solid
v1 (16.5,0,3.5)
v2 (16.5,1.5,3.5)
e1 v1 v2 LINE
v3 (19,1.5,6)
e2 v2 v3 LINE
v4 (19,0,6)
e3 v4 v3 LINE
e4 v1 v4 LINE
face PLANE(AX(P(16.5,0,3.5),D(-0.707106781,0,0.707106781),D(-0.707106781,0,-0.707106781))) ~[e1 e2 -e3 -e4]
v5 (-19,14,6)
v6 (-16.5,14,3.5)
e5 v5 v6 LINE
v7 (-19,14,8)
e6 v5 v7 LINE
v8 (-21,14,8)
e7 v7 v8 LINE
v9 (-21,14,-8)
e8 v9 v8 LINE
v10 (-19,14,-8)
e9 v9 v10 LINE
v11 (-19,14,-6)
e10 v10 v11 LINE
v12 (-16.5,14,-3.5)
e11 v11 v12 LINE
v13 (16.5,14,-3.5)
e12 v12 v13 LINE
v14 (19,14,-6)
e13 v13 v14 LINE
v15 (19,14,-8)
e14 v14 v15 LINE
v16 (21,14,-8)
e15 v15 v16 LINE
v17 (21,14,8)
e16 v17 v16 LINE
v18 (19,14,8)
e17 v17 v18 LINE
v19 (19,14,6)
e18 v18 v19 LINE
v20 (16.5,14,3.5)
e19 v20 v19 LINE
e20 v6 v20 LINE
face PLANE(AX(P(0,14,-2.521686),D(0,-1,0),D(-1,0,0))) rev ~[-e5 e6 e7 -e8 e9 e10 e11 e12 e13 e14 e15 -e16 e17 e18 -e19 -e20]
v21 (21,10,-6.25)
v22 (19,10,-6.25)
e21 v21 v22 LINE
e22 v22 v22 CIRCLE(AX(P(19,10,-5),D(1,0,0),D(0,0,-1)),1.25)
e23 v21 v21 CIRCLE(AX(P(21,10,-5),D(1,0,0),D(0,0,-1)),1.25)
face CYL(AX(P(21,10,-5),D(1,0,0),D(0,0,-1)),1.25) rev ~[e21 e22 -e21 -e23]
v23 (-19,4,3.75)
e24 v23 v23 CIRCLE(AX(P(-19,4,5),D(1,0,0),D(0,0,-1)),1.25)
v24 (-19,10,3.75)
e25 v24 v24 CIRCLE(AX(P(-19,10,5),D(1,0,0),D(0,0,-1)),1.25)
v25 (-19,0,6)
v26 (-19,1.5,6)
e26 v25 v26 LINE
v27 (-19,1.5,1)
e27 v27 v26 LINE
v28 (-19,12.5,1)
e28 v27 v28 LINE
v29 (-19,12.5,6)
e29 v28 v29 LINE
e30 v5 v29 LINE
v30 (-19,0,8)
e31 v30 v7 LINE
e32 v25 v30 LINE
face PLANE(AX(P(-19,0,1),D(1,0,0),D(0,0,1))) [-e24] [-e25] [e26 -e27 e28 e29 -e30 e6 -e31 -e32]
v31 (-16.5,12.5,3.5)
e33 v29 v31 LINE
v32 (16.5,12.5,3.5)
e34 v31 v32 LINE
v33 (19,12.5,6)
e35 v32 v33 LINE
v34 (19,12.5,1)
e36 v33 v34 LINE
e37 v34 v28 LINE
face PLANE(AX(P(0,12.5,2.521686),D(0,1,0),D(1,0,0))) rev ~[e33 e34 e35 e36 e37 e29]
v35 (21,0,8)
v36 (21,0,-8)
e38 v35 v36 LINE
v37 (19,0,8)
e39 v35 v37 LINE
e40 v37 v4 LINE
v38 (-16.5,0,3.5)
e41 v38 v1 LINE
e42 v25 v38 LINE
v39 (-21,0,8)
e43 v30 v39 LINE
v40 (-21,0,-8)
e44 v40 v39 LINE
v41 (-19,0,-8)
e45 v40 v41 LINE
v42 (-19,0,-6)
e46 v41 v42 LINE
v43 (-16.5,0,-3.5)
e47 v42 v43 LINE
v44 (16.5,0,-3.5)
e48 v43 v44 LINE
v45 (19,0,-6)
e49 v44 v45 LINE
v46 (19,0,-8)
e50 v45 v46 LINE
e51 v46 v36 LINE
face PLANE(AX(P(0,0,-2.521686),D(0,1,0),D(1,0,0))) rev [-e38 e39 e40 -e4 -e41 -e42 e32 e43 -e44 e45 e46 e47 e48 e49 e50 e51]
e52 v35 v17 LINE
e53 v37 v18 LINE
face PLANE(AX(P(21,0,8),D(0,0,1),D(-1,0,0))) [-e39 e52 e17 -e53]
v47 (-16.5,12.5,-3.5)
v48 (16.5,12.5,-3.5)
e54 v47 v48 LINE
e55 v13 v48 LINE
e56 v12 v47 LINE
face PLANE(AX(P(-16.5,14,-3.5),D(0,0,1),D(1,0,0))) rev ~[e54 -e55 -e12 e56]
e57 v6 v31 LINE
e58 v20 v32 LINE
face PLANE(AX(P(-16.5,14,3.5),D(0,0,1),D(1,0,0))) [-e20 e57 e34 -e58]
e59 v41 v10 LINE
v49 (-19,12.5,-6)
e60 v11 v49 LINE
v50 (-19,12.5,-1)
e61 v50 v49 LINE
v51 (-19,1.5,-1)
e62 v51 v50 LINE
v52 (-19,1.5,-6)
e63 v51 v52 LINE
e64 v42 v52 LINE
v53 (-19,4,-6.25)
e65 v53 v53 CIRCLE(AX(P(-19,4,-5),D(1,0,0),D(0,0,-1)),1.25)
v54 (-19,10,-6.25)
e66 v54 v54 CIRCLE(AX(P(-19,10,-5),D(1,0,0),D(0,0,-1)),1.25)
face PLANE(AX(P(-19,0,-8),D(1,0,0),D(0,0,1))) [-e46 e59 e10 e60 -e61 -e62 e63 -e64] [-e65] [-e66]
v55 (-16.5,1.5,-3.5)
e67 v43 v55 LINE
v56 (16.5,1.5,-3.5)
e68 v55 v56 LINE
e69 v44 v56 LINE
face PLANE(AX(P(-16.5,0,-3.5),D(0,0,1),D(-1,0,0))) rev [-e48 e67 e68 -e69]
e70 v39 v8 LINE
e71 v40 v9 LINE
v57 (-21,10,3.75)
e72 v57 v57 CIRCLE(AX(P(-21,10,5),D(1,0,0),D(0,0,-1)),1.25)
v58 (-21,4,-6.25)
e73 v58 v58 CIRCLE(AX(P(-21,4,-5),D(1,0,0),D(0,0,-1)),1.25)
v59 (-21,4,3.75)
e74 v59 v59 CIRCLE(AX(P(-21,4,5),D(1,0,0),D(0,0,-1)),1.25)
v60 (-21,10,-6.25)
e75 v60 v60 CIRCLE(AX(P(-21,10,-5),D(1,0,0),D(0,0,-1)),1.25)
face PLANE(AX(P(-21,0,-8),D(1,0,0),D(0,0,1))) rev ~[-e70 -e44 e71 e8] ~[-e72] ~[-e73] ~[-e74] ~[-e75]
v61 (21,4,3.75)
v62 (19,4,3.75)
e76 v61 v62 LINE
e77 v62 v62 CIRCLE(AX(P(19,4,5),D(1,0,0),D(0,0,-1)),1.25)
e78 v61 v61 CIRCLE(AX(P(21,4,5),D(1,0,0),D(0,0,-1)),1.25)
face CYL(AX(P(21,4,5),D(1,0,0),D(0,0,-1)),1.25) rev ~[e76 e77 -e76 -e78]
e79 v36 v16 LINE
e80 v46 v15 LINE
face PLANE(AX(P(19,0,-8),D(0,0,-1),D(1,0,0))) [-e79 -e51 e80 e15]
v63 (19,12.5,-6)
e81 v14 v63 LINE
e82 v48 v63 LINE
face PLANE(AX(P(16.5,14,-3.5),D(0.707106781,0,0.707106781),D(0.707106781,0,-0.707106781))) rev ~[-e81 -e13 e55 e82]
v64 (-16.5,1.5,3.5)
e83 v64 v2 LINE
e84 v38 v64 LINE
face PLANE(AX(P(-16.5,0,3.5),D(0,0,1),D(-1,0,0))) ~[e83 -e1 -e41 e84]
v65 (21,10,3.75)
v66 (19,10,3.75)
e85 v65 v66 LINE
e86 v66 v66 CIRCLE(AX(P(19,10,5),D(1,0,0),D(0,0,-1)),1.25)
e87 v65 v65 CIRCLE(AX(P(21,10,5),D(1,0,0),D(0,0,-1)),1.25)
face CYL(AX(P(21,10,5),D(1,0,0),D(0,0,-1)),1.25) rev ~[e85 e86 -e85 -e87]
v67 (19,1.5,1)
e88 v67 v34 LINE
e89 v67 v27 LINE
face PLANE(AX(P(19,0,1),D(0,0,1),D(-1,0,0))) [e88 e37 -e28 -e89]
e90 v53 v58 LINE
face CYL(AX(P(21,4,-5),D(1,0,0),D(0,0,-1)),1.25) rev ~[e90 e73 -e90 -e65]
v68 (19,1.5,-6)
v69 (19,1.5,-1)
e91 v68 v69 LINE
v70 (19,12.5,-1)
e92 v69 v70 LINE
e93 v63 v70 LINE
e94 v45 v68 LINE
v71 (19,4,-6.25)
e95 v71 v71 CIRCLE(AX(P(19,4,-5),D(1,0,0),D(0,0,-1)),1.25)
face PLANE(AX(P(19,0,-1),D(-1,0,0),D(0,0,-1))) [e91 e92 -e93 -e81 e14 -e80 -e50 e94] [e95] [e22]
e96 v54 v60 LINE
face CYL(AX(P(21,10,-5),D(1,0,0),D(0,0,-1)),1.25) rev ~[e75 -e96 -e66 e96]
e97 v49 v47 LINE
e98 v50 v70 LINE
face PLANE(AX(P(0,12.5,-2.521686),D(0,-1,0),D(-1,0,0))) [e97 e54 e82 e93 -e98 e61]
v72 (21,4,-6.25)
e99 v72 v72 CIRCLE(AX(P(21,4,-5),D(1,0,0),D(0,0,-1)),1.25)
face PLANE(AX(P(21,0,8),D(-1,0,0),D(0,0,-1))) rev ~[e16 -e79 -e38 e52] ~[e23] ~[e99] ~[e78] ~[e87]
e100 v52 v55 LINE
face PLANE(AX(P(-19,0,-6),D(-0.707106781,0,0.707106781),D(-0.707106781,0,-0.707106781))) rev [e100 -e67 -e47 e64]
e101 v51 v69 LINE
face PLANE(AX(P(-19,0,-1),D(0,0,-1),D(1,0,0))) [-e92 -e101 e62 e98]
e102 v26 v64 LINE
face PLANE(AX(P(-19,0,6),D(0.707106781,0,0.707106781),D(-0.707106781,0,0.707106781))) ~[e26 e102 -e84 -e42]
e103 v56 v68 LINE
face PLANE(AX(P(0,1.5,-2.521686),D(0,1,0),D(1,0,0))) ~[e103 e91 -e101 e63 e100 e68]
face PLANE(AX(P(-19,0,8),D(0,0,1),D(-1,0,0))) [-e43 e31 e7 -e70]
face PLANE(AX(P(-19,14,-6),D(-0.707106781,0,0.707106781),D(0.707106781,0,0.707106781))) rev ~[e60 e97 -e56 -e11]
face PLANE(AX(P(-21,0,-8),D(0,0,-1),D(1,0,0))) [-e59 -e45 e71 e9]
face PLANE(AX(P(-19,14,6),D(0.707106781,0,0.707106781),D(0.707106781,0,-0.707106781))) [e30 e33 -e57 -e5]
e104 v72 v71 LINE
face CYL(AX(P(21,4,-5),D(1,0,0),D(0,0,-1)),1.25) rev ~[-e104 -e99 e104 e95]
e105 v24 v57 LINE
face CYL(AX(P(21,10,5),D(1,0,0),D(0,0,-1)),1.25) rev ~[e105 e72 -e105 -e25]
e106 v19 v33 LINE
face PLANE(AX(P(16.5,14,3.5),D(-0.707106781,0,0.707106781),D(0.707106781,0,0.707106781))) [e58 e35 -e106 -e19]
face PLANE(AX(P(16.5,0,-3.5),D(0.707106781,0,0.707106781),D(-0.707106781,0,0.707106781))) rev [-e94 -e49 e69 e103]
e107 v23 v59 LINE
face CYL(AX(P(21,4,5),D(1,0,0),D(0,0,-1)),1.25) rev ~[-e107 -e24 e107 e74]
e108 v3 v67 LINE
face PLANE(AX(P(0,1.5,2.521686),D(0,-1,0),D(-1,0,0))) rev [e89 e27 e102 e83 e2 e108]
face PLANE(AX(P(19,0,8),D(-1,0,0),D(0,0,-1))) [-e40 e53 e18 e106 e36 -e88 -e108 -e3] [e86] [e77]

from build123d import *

# Parameters (mm, degrees)
BOSS_EXTRUDE1_DEPTH = 14
SKETCH2_R           = 1.25
CUT_EXTRUDE1_DEPTH  = 43
BOSS_EXTRUDE2_DEPTH = 1.5


with BuildPart() as part:
    # Sketch1 → Boss-Extrude1 (new body)
    with BuildSketch(Plane(origin=(0, 0, 0), x_dir=(1, 0, 0), z_dir=(0, 1, 0))):
        Polygon((-19, 1), (19, 1), (19, 8), (21, 8), (21, 1), (21, -1), (21, -8), (19, -8), (19, -1), (-19, -1), (-19, -8), (-21, -8), (-21, -1), (-21, 1), (-21, 8), (-19, 8), align=None)
    extrude(amount=BOSS_EXTRUDE1_DEPTH)

    # Sketch2 → Cut-Extrude1 (cut, through all)
    with BuildSketch(Plane(origin=(21, 0, 0), x_dir=(0, 0, -1), z_dir=(1, 0, 0))):
        with Locations((5, 10)):
            Circle(SKETCH2_R)
        with Locations((5, 4)):
            Circle(SKETCH2_R)
        with Locations((-5, 4)):
            Circle(SKETCH2_R)
        with Locations((-5, 10)):
            Circle(SKETCH2_R)
    extrude(amount=-CUT_EXTRUDE1_DEPTH, mode=Mode.SUBTRACT)

    # Sketch3 → Boss-Extrude2 (add)
    with BuildSketch(Plane(origin=(0, 14, 0), x_dir=(1, 0, 0), z_dir=(0, 1, 0))):
        Polygon((-19, 1), (-19, 6), (-16.5, 3.5), (16.5, 3.5), (19, 6), (19, 1), (14, 1), (-14, 1), align=None)
        Polygon((19, -1), (14, -1), (-14, -1), (-19, -1), (-19, -6), (-16.5, -3.5), (16.5, -3.5), (19, -6), align=None)
    boss_extrude2 = extrude(amount=-BOSS_EXTRUDE2_DEPTH)

    # Mirror1: Boss-Extrude2 across plane
    add(boss_extrude2.mirror(Plane.ZX.offset(7)))


solid = part.part
